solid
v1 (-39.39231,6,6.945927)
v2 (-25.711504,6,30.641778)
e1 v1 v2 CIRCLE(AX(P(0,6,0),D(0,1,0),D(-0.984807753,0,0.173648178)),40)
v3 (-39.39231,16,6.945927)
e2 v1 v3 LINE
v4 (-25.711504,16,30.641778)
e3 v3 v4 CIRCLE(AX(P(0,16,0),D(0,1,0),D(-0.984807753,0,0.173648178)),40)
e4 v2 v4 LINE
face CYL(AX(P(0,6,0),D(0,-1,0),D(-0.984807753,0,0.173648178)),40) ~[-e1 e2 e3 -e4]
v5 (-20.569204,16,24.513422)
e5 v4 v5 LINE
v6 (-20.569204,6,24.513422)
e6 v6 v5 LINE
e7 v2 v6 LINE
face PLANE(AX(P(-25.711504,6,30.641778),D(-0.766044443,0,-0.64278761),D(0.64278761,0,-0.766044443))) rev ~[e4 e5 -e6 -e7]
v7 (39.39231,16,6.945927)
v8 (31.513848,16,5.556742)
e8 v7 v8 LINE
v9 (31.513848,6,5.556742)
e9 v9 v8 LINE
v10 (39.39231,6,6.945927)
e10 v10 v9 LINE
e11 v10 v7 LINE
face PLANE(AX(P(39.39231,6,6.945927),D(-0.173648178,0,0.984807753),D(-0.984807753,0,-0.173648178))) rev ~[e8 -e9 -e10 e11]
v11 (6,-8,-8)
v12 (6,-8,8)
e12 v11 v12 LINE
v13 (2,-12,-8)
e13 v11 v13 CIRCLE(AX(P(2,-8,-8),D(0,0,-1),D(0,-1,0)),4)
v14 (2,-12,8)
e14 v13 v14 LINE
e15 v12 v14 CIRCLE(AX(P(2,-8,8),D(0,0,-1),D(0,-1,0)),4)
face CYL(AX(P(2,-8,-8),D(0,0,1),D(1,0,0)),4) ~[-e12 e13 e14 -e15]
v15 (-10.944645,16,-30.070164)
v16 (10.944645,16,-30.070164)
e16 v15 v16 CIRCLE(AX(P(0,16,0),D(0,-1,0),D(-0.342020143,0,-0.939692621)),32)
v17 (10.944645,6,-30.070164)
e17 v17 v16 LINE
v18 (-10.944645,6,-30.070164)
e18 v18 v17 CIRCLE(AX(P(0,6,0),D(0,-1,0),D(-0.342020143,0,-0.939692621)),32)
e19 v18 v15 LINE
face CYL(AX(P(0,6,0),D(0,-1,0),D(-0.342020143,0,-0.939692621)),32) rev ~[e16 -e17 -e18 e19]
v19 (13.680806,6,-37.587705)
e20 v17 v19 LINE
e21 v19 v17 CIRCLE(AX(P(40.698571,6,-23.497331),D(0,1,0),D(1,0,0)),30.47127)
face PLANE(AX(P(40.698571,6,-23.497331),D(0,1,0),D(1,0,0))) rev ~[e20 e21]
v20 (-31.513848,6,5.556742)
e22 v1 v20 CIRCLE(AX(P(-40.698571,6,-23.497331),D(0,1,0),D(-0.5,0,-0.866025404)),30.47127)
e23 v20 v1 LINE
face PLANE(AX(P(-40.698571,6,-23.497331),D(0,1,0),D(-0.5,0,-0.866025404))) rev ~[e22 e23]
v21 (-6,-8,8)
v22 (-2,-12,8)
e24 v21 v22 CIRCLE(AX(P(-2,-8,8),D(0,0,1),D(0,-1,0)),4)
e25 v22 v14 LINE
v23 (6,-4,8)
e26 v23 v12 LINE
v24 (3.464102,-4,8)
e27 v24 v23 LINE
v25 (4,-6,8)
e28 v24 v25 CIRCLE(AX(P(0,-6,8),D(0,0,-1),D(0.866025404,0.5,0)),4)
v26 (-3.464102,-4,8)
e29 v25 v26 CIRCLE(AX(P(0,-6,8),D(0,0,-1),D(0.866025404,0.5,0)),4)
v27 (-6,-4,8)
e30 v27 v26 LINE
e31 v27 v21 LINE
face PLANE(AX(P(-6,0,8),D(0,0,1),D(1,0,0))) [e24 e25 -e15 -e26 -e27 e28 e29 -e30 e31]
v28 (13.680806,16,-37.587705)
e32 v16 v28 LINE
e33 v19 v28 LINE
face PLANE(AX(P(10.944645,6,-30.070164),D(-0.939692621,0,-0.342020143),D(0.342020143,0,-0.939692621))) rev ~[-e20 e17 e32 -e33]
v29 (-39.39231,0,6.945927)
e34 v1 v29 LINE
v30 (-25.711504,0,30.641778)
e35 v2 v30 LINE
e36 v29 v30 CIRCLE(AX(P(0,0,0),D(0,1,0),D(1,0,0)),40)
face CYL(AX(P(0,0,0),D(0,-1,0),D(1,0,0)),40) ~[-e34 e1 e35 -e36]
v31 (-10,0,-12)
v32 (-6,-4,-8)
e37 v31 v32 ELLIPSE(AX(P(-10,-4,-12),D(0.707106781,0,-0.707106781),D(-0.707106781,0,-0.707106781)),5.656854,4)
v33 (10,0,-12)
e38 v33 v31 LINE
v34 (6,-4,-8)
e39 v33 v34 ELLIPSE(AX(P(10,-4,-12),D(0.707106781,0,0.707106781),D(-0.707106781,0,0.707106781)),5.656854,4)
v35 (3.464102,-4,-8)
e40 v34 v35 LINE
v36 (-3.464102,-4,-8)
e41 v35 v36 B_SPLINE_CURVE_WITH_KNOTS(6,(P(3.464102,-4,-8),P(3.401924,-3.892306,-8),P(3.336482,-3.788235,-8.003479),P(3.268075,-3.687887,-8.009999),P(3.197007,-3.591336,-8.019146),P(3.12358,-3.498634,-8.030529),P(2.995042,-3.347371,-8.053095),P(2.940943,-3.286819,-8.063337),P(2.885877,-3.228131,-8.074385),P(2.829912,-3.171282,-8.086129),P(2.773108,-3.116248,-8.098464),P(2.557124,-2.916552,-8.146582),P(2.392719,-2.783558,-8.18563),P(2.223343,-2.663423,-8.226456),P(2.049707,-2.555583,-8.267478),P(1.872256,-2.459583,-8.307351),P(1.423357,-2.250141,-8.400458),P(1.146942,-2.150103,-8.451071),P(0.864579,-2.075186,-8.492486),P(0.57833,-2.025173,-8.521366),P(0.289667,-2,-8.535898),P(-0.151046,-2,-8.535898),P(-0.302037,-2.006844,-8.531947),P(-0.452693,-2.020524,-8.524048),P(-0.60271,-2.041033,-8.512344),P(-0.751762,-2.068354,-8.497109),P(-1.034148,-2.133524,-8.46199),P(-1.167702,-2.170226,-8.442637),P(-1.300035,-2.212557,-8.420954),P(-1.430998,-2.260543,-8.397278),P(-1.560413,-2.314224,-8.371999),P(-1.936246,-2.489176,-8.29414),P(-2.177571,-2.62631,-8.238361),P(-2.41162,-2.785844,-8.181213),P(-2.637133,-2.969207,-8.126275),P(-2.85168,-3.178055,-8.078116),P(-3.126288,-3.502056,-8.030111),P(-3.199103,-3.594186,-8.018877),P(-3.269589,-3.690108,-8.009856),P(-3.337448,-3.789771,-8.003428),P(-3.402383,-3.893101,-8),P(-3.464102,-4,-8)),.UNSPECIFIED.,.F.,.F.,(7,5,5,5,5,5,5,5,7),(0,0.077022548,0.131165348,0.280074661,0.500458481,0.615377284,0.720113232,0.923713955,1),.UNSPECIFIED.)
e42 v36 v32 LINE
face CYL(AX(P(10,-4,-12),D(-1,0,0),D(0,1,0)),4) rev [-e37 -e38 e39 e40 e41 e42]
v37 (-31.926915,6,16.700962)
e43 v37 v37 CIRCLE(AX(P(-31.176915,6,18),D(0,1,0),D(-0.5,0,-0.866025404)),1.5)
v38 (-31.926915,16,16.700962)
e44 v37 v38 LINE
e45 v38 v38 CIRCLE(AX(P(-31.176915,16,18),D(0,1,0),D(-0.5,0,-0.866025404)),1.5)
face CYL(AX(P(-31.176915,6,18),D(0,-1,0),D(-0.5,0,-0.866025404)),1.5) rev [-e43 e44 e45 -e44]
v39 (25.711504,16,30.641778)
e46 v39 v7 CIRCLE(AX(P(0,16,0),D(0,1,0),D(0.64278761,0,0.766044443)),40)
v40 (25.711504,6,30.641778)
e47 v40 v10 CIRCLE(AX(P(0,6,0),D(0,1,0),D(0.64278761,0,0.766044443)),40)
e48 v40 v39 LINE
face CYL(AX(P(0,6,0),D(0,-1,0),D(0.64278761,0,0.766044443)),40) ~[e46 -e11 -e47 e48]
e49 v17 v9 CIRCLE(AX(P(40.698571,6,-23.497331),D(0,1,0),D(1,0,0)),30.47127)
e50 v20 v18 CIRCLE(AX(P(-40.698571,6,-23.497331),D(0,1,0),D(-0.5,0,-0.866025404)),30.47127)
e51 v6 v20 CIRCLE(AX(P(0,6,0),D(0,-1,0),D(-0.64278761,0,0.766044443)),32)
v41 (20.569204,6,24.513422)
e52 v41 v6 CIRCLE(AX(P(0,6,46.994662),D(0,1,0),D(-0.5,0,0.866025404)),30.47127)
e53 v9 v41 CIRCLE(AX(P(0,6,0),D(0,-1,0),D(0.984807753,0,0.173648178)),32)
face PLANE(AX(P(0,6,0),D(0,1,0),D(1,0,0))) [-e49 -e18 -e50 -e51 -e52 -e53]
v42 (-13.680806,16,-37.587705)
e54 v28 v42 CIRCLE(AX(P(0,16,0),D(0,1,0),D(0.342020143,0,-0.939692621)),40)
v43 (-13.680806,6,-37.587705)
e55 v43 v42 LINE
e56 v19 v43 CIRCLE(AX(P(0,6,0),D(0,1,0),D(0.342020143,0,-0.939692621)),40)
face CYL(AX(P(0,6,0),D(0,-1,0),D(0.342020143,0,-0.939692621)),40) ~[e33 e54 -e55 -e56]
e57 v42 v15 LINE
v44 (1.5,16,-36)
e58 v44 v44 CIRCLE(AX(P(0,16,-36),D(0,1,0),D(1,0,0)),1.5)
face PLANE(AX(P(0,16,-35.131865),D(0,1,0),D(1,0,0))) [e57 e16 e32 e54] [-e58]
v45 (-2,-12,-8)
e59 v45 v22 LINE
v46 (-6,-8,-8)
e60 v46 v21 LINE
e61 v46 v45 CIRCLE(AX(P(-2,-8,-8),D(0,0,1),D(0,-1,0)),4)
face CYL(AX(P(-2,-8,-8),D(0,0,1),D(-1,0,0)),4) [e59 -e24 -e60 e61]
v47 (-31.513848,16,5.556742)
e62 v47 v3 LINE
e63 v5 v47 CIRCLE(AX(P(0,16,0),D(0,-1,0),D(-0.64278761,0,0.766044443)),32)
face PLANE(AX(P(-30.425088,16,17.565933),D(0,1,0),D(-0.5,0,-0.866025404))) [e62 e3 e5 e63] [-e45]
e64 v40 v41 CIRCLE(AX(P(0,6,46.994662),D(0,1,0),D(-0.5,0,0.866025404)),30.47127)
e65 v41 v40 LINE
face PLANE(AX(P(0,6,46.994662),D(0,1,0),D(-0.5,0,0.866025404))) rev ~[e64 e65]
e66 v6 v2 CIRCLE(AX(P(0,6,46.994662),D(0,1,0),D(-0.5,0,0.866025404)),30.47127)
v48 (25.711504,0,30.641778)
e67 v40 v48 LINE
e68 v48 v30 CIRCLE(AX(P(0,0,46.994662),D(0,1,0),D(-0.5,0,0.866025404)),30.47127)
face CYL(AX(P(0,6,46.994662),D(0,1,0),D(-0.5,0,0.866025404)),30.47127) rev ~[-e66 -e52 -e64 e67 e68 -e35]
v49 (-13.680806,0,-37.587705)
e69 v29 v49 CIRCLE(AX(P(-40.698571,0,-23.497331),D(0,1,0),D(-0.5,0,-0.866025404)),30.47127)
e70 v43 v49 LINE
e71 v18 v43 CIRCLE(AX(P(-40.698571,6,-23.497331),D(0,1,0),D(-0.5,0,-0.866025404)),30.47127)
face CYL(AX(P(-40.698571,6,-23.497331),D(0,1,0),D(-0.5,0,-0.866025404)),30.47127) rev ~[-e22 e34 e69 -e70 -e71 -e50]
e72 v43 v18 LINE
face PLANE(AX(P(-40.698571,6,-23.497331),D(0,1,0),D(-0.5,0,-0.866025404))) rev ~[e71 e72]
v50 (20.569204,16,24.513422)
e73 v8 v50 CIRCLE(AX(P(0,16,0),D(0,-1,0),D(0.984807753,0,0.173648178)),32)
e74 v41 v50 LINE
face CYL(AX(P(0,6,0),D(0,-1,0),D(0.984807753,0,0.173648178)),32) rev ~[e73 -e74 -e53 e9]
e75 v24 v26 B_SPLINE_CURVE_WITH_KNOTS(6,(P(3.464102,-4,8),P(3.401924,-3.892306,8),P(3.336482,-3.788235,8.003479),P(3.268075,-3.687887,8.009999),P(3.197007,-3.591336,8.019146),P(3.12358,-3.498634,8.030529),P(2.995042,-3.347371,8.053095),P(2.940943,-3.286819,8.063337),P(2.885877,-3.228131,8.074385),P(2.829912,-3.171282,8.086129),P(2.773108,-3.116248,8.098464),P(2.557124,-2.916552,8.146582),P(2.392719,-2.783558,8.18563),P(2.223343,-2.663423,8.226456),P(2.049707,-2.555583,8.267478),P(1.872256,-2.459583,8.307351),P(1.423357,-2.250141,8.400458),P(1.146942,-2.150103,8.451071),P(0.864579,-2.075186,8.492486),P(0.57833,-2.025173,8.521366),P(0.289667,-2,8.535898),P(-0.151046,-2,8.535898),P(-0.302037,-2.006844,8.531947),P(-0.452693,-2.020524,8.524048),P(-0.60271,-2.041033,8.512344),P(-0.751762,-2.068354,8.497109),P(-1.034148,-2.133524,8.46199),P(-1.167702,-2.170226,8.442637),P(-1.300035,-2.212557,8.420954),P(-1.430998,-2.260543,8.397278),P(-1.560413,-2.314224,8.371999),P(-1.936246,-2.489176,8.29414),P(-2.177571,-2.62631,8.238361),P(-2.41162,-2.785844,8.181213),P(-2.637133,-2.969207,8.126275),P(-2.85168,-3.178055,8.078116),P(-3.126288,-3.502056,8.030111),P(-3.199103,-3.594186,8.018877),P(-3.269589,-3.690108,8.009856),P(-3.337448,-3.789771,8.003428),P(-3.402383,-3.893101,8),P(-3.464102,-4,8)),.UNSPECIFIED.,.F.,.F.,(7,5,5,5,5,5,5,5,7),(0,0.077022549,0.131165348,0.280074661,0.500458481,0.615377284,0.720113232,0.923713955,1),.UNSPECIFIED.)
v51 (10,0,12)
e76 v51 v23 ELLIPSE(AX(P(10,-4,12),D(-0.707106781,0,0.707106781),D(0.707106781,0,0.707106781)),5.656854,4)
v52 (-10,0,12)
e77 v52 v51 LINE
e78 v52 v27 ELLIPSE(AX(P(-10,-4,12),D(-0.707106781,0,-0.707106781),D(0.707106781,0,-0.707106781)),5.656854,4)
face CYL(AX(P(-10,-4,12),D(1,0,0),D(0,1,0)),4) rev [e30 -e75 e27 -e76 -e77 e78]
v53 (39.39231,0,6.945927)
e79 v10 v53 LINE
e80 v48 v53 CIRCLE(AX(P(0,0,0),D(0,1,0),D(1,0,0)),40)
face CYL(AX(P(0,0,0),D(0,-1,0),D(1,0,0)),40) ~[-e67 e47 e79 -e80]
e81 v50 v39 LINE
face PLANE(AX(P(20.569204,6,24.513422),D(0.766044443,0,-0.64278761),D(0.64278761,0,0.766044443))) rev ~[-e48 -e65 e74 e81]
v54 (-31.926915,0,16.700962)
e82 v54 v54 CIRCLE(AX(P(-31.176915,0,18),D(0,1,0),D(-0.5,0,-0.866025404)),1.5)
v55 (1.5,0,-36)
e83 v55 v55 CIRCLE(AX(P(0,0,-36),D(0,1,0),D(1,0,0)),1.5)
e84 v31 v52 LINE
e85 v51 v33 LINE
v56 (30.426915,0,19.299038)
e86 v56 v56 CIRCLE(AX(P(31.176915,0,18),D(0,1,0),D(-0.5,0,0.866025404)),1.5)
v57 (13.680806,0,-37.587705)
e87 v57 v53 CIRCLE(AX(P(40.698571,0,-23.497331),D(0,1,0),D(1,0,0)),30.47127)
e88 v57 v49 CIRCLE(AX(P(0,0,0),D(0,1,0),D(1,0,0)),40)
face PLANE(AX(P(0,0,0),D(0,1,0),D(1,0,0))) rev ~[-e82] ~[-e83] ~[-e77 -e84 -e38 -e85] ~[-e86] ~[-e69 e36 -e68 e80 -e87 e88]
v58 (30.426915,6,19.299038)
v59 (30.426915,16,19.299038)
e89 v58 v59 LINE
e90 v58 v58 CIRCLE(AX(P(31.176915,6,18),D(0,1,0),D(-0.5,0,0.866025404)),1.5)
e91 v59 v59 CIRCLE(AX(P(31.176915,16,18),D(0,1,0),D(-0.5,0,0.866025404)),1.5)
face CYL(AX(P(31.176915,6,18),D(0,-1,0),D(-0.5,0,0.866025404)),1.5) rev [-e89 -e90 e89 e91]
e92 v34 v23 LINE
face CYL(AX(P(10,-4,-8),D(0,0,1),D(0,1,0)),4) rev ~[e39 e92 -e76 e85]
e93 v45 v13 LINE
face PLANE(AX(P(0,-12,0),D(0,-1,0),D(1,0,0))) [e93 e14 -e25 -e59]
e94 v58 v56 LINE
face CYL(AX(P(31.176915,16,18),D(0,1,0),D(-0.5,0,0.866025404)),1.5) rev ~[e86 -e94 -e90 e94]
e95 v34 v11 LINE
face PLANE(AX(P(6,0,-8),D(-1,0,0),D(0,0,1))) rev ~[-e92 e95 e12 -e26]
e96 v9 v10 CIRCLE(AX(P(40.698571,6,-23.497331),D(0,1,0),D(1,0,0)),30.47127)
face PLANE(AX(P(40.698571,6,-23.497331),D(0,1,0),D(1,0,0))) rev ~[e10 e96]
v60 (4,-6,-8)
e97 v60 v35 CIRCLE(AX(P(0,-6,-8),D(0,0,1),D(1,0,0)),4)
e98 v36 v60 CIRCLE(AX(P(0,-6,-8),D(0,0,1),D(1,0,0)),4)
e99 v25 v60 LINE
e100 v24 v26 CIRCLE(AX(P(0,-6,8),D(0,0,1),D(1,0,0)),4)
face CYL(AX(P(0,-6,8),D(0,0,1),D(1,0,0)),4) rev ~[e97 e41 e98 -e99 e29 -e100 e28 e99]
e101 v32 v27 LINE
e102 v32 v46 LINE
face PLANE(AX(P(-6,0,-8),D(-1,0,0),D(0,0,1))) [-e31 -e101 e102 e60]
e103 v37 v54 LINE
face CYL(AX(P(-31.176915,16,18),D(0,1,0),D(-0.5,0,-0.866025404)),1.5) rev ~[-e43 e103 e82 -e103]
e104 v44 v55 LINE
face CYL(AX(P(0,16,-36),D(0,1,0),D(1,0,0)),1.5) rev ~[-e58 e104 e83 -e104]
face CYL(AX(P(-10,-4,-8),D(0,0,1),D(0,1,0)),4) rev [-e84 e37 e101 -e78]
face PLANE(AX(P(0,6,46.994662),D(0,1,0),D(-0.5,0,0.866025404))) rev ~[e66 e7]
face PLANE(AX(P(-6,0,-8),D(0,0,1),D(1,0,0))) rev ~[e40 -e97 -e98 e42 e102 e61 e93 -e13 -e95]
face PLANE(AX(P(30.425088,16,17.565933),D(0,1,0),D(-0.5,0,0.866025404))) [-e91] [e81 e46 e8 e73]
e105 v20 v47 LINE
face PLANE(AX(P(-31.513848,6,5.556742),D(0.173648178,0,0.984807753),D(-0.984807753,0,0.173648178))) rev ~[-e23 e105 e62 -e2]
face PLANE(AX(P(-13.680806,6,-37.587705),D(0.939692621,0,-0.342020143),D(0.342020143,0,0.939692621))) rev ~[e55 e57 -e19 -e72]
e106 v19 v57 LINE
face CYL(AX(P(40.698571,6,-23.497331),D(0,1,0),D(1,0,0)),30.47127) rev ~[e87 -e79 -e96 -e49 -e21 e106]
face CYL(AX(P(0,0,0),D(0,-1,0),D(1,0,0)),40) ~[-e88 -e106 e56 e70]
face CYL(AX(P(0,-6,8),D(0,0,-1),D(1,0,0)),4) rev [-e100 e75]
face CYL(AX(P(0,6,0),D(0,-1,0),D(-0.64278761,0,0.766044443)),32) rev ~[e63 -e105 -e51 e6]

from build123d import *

# Parameters (mm, degrees)
SKETCH1_R                = 40
BOSS_EXTRUDE1_DEPTH      = 6
SKETCH2_R                = 1.5
BOSS_EXTRUDE2_DEPTH      = 10
SKETCH16_R               = 1.5
CUT_EXTRUDE9_DEPTH       = 17
CIRPATTERN1_COUNT        = 3
SKETCH5_R                = 30.471270003
CUT_EXTRUDE3_DEPTH       = 7
CIRPATTERN2_COUNT        = 3
SKETCH17_W               = 12
SKETCH17_H               = 16
BOSS_EXTRUDE3_DEPTH      = 12
FILLET1_R                = 4
FILLET2_R                = 4
SKETCH18_R               = 4
CUT_EXTRUDE10_DEPTH      = 23.641777725
CUT_EXTRUDE10_DEPTH_BACK = 49


with BuildPart() as part:
    # Sketch1 → Boss-Extrude1 (new body)
    with BuildSketch(Plane(origin=(0, 0, 0), x_dir=(1, 0, 0), z_dir=(0, 1, 0))):
        Circle(SKETCH1_R)
    extrude(amount=BOSS_EXTRUDE1_DEPTH)

    # Sketch2 → Boss-Extrude2 (add)
    with BuildSketch(Plane(origin=(0, 6, 0), x_dir=(1, 0, 0), z_dir=(0, 1, 0))):
        with BuildLine():
            Line((-13.680805733, 37.587704831), (-10.944644586, 30.070163865))
            ThreePointArc((-10.944644586, 30.070163865), (0, 32), (10.944644586, 30.070163865))
            Line((10.944644586, 30.070163865), (13.680805733, 37.587704831))
            ThreePointArc((13.680805733, 37.587704831), (0, 40), (-13.680805733, 37.587704831))
        make_face()
        with Locations((0, 36)):
            Circle(SKETCH2_R, mode=Mode.SUBTRACT)
    boss_extrude2 = extrude(amount=BOSS_EXTRUDE2_DEPTH)

    # Sketch16 → Cut-Extrude9 (cut, through all)
    with BuildSketch(Plane(origin=(0, 16, 0), x_dir=(1, 0, 0), z_dir=(0, 1, 0))):
        with Locations((0, 36)):
            Circle(SKETCH16_R)
    cut_extrude9 = extrude(amount=-CUT_EXTRUDE9_DEPTH, mode=Mode.SUBTRACT)

    # CirPattern1: Boss-Extrude2, Cut-Extrude9 ×3 about axis
    cirpattern1_axis = Axis((0, 0, 0), (0, 1, 0))
    for i in range(1, CIRPATTERN1_COUNT):
        add(boss_extrude2.rotate(cirpattern1_axis, i * 360 / CIRPATTERN1_COUNT))
        add(cut_extrude9.rotate(cirpattern1_axis, i * 360 / CIRPATTERN1_COUNT), mode=Mode.SUBTRACT)

    # Sketch5 → Cut-Extrude3 (cut, through all)
    with BuildSketch(Plane(origin=(0, 6, 0), x_dir=(1, 0, 0), z_dir=(0, 1, 0))):
        with Locations((40.698571494, 23.497331208)):
            Circle(SKETCH5_R)
    cut_extrude3 = extrude(amount=-CUT_EXTRUDE3_DEPTH, mode=Mode.SUBTRACT)

    # CirPattern2: Cut-Extrude3 ×3 about axis
    cirpattern2_axis = Axis((0, 0, 0), (0, 1, 0))
    for i in range(1, CIRPATTERN2_COUNT):
        add(cut_extrude3.rotate(cirpattern2_axis, i * 360 / CIRPATTERN2_COUNT), mode=Mode.SUBTRACT)

    # Sketch17 → Boss-Extrude3 (add)
    with BuildSketch(Plane.XZ):
        Rectangle(SKETCH17_W, SKETCH17_H)
    extrude(amount=BOSS_EXTRUDE3_DEPTH)

    # Fillet1
    fillet1_edges = [part.edges().sort_by_distance(p)[0] for p in [
        (-6, 0, 0),
        (6, 0, 0),
        (-6, -12, 0),
        (6, -12, 0),
    ]]
    fillet(fillet1_edges, radius=FILLET1_R)

    # Fillet2
    fillet2_edges = [part.edges().sort_by_distance(p)[0] for p in [
        (0, 0, 8),
        (0, 0, -8),
    ]]
    fillet(fillet2_edges, radius=FILLET2_R)

    # Sketch18 → Cut-Extrude10 (cut, two sides)
    with BuildSketch(Plane.XY.offset(8)) as cut_extrude10_sk:
        with Locations((0, -6)):
            Circle(SKETCH18_R)
    extrude(amount=CUT_EXTRUDE10_DEPTH, mode=Mode.SUBTRACT)
    extrude(cut_extrude10_sk.sketch, amount=-CUT_EXTRUDE10_DEPTH_BACK, mode=Mode.SUBTRACT)


solid = part.part
